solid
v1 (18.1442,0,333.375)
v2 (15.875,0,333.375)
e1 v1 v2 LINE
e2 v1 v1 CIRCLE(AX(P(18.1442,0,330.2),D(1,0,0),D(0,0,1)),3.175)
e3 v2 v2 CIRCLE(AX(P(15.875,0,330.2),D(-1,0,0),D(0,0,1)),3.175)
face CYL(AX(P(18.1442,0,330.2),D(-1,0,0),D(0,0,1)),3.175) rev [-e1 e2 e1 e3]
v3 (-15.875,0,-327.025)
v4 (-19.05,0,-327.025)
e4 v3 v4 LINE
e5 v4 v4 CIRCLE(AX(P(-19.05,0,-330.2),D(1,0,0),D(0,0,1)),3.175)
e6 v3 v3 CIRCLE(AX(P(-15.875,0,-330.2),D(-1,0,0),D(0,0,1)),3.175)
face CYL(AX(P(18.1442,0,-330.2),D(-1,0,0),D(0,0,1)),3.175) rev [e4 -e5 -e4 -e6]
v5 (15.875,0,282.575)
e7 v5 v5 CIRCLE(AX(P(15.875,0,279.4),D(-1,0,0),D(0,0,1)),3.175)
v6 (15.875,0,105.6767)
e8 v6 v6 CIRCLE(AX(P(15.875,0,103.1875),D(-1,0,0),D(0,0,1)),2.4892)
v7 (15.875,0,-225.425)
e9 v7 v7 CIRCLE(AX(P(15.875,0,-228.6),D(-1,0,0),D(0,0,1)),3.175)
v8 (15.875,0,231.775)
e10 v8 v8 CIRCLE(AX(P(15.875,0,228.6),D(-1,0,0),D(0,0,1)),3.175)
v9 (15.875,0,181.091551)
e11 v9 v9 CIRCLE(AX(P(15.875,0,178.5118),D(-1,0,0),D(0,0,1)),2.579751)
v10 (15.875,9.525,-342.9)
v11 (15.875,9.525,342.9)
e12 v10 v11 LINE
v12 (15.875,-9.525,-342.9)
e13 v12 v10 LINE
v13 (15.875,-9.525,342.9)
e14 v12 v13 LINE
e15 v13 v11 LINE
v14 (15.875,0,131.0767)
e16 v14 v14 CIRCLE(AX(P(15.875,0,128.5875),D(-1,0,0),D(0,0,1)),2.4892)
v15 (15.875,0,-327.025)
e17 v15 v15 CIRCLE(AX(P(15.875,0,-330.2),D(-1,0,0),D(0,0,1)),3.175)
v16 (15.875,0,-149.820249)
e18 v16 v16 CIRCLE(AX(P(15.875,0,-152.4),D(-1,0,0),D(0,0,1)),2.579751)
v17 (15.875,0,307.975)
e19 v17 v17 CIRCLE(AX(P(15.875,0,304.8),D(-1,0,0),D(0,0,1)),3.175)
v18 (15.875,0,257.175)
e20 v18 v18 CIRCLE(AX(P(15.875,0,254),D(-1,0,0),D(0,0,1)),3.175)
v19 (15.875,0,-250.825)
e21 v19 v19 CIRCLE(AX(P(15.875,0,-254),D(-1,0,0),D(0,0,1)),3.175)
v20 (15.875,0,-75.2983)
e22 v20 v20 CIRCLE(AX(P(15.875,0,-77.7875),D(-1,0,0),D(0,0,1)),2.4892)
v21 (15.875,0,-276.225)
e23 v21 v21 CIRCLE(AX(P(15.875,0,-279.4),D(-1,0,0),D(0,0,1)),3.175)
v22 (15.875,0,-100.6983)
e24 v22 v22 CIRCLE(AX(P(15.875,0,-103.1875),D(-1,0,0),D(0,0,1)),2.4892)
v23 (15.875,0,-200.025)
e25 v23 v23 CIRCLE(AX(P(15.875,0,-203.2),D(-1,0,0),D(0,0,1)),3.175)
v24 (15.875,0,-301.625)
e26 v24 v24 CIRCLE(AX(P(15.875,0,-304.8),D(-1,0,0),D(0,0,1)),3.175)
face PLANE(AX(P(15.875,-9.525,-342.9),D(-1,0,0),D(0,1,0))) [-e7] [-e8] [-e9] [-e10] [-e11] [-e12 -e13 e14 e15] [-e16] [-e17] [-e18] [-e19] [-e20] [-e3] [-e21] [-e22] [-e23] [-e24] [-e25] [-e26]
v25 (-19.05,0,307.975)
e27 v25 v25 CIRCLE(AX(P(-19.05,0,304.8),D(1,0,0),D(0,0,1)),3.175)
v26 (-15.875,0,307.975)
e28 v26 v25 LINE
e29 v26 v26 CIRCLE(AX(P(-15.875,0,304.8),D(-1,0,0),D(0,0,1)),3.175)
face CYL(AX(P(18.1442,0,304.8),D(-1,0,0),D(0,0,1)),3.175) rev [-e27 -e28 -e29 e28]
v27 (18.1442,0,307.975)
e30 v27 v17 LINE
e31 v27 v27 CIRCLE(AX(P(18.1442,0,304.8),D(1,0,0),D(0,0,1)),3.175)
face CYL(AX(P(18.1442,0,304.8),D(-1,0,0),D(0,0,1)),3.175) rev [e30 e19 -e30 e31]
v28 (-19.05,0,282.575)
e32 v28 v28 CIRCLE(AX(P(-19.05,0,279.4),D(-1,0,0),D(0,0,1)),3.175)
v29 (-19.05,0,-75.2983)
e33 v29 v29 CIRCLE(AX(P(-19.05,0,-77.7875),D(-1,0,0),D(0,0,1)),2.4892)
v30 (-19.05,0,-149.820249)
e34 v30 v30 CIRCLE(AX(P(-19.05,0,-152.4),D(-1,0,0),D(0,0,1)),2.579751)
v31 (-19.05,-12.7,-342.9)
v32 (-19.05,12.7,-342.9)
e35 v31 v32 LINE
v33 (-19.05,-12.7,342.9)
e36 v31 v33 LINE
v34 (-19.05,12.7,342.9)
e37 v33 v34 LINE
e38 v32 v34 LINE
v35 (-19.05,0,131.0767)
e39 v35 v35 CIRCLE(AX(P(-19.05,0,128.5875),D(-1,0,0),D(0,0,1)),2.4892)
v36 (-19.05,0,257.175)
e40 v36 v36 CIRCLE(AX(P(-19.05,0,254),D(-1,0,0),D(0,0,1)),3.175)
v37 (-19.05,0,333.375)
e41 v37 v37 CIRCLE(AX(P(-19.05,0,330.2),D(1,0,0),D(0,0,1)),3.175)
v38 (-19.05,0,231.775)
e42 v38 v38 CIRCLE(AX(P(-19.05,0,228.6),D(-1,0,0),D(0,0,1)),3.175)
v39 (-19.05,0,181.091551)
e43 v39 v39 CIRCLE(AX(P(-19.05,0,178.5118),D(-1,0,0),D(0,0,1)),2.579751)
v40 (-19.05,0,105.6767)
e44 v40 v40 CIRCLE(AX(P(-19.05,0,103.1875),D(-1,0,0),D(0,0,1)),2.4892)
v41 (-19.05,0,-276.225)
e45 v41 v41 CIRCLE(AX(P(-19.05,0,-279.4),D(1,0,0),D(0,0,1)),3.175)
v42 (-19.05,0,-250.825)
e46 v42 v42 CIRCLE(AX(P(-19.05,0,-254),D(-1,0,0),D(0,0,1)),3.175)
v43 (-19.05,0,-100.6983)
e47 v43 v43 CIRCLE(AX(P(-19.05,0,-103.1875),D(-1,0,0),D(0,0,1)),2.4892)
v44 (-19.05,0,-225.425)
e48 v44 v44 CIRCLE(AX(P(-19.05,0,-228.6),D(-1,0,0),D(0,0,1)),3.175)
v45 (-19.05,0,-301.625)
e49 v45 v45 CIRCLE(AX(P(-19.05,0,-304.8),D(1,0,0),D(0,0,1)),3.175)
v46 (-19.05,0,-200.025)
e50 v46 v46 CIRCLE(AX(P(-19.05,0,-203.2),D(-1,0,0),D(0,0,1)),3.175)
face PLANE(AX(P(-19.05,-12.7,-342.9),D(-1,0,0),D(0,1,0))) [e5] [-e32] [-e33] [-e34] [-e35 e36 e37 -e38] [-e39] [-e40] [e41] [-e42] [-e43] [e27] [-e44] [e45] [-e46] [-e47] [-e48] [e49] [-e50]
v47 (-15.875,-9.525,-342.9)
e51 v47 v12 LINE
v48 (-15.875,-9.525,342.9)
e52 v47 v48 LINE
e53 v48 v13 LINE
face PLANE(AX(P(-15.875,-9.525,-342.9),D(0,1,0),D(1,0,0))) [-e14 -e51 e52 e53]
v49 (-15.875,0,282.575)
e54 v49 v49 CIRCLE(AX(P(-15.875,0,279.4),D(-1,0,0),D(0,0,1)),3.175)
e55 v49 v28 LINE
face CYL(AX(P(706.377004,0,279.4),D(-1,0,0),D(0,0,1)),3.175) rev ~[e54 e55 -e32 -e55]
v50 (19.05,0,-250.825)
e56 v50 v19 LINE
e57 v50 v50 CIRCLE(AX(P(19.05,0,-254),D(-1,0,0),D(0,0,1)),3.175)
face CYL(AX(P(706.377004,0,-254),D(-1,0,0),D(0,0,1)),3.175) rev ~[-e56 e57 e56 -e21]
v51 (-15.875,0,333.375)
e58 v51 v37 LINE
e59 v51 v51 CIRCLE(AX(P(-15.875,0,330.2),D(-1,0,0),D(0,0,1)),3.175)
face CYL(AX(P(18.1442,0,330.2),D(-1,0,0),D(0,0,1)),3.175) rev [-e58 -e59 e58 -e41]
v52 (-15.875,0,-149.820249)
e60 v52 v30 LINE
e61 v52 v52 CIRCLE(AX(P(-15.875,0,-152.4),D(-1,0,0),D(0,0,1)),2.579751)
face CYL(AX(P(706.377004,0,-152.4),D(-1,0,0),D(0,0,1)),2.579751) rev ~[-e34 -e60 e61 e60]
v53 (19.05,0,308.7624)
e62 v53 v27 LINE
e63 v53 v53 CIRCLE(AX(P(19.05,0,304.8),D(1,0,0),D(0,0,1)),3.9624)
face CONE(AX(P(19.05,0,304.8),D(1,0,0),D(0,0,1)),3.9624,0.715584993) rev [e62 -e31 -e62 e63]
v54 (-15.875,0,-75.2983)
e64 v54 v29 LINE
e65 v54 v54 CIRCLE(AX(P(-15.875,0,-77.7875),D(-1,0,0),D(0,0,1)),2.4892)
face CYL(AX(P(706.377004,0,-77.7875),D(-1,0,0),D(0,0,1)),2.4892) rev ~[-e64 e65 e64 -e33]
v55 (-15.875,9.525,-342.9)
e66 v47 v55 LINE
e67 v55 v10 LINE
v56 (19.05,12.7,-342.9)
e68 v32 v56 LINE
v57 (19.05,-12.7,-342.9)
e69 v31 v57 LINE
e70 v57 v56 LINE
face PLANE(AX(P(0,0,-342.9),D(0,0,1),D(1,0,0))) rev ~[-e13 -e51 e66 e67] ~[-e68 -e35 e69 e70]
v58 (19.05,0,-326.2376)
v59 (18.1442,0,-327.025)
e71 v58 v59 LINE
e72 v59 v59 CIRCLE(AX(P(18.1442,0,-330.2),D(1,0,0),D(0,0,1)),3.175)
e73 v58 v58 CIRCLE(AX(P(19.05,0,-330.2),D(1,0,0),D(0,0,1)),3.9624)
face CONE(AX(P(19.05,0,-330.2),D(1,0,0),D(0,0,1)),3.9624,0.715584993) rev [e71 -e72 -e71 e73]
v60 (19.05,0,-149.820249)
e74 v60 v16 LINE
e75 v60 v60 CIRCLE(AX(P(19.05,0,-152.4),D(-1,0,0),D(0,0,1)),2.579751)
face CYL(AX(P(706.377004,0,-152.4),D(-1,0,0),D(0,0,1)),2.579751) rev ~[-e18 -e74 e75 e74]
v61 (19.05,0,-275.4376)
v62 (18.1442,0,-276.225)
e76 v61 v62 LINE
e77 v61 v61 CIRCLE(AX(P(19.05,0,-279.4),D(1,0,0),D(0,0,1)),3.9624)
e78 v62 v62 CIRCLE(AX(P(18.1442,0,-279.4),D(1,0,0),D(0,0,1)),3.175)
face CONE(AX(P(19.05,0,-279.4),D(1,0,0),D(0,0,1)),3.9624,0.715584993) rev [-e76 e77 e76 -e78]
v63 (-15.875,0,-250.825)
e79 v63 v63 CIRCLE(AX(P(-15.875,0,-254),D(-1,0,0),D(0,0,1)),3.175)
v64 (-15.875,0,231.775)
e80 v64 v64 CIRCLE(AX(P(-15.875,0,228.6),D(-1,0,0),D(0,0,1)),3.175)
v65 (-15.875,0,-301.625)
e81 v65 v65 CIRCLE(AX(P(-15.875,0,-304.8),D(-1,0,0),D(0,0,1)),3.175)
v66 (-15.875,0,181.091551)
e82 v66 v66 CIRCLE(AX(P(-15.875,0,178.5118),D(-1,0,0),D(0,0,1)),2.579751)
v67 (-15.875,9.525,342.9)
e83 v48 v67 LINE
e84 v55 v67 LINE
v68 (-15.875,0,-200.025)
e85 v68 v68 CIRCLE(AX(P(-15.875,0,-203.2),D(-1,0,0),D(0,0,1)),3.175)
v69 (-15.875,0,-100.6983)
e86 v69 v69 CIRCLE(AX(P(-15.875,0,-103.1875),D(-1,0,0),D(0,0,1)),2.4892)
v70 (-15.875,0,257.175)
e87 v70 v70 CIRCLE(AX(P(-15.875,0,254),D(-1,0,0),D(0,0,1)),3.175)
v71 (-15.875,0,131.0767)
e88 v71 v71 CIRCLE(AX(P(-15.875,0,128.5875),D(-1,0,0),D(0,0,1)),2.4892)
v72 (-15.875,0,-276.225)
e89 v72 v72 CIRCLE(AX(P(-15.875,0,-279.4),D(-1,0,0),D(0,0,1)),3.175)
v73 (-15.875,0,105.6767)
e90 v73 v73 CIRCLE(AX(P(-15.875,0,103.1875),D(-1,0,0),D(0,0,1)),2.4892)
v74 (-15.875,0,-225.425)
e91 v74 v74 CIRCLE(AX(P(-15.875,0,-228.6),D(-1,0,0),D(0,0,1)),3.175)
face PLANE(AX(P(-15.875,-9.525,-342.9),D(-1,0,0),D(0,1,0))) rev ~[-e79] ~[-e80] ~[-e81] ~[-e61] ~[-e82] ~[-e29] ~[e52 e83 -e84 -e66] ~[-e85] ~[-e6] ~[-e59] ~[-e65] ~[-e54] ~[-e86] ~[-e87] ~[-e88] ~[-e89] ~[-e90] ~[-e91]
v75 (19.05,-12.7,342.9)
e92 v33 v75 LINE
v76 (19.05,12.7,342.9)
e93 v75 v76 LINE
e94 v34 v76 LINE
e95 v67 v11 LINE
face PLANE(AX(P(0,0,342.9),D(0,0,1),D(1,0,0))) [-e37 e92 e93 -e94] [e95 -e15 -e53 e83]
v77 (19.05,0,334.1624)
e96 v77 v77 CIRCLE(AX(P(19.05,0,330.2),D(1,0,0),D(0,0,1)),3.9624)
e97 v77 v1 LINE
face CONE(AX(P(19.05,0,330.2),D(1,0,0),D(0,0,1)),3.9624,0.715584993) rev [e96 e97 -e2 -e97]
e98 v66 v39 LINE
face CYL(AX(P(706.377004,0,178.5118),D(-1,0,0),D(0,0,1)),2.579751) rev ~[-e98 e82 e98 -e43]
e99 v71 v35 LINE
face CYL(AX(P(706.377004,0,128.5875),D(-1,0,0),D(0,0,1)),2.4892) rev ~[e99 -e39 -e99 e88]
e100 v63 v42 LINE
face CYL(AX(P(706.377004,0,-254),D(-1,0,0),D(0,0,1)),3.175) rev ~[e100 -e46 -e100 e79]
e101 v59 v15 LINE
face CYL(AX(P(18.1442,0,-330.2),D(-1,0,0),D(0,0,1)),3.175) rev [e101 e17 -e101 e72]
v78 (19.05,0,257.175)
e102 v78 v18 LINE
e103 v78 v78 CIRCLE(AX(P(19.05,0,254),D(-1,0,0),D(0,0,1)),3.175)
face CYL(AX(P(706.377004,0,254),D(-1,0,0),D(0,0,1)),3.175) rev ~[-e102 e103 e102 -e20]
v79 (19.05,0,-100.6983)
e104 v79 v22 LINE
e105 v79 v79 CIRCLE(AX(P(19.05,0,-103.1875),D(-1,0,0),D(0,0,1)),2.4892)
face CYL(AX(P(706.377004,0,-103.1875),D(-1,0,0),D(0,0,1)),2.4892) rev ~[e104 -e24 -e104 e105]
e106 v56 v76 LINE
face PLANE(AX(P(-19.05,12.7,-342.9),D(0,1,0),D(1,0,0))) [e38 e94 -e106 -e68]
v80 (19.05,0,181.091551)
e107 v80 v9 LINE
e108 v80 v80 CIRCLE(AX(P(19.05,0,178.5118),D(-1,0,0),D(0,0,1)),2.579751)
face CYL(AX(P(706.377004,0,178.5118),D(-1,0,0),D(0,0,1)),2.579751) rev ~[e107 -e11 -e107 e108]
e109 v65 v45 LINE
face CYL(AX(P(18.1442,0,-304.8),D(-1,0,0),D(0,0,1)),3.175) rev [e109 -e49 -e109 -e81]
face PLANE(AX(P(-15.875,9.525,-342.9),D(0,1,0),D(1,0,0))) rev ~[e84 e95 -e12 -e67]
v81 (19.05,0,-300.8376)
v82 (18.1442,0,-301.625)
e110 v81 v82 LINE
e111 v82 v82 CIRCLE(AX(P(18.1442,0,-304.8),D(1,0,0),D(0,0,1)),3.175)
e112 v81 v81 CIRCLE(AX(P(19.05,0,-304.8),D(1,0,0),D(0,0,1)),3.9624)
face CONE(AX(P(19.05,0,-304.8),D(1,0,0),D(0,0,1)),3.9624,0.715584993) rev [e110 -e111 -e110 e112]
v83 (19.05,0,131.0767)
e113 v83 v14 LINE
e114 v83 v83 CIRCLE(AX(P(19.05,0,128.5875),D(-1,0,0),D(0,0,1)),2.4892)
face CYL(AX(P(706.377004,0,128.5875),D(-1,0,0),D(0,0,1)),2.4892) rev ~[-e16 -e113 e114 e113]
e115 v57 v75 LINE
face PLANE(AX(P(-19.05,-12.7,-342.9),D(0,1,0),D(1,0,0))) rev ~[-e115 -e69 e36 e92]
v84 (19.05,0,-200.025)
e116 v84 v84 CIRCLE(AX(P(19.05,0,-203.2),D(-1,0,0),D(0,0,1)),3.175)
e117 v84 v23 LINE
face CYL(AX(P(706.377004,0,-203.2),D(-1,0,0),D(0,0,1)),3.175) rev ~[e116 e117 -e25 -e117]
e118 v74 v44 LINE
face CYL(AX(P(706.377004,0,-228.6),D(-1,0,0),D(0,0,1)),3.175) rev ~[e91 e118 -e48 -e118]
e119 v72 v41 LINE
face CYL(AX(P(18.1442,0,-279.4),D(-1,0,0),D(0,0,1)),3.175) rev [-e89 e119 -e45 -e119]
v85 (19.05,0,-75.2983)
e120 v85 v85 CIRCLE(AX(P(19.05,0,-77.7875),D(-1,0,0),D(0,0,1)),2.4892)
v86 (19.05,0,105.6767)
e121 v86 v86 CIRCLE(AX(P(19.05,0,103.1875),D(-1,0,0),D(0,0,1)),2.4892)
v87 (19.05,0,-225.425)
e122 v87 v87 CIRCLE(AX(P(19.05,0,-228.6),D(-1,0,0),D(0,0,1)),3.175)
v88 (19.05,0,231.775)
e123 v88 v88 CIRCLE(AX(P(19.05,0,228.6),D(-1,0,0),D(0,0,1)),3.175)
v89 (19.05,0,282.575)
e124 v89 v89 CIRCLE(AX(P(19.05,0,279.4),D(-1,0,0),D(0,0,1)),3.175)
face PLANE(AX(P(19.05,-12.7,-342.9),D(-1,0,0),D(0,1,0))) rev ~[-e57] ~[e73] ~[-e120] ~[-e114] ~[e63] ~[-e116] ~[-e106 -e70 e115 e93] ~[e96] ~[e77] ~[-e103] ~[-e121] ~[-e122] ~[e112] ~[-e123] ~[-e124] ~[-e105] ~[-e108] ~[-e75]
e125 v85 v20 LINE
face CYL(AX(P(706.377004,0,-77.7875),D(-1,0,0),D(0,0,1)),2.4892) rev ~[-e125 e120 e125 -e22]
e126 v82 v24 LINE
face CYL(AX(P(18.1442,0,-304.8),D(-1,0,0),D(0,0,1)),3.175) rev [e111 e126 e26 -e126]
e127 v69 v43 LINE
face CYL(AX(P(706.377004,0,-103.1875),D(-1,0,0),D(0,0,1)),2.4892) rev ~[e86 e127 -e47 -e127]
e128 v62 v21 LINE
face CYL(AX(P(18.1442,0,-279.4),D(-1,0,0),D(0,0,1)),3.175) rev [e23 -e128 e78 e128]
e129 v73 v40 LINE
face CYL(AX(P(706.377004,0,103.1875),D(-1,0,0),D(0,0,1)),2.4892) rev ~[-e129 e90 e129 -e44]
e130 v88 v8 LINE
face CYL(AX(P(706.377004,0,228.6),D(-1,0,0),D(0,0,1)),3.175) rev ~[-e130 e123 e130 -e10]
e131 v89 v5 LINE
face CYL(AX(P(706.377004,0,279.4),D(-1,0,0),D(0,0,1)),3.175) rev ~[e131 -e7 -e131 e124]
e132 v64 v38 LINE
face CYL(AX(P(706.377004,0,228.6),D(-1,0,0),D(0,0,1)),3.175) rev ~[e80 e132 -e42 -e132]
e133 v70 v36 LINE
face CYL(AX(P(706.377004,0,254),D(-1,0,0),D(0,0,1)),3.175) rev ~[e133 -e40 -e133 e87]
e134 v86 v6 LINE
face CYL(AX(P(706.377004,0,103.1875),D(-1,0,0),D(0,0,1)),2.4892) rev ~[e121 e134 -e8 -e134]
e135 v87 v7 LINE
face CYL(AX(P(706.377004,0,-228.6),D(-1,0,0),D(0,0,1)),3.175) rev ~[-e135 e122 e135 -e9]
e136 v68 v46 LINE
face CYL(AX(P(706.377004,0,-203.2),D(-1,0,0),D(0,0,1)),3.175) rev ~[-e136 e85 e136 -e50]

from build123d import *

# Parameters (mm, degrees)
BOSS_EXTRUDE1_DEPTH                  = 342.9
BOSS_EXTRUDE1_DEPTH_BACK             = 342.9
SKETCH3_W                            = 38.1
SKETCH3_H                            = 25.4
SKETCH3_W_2                          = 31.75
SKETCH3_H_2                          = 19.05
F_1_4_0_25_DIAMETER_HOLE2_AT_2_COUNT = 2
F_1_4_0_25_DIAMETER_HOLE2_AT_2_PITCH = 25.4
F_1_4_0_25_DIAMETER_HOLE2_AT_3_COUNT = 2
F_1_4_0_25_DIAMETER_HOLE2_AT_3_PITCH = 660.4
F_1_4_0_25_DIAMETER_HOLE2_AT_4_COUNT = 2
F_1_4_0_25_DIAMETER_HOLE2_AT_4_PITCH = 50.8
F_1_4_0_25_DIAMETER_HOLE2_AT_5_COUNT = 2
F_1_4_0_25_DIAMETER_HOLE2_AT_5_PITCH = 635
F_1_4_0_25_DIAMETER_HOLE3_D          = 6.35
F_13_64_0_20313_DIAMETER_HOLE1_D     = 5.159502
F_10_CLEARANCE_HOLE1_D               = 4.9784


with BuildPart() as part:
    # Sketch3 → Boss-Extrude1 (new, two sides: drawn at the far end of the back side and taken through both)
    with BuildSketch(Plane.XY.offset(-BOSS_EXTRUDE1_DEPTH_BACK)):
        Rectangle(SKETCH3_W, SKETCH3_H)
        Rectangle(SKETCH3_W_2, SKETCH3_H_2, mode=Mode.SUBTRACT)
    extrude(amount=BOSS_EXTRUDE1_DEPTH + BOSS_EXTRUDE1_DEPTH_BACK)

    # Sketch8 → 1/4 (0.25) Diameter Hole2 (revolve, cut)
    with BuildSketch(Plane(origin=(-19.05, 0, -330.2), x_dir=(0, 0, 1), z_dir=(0, 1, 0))):
        Polygon((0, 0), (0, 38.1), (3.9624, 38.1), (3.175, 37.194199916), (3.175, 0), align=None)
    f_1_4_0_25_diameter_hole2 = revolve(axis=Axis((-25.4, 0, -330.2), (1, 0, 0)), mode=Mode.SUBTRACT)

    # 1/4 (0.25) Diameter Hole2 at 2: 1/4 (0.25) Diameter Hole2 ×2
    with Locations(*[(0, 0, i * F_1_4_0_25_DIAMETER_HOLE2_AT_2_PITCH) for i in range(1, F_1_4_0_25_DIAMETER_HOLE2_AT_2_COUNT)]):
        add(f_1_4_0_25_diameter_hole2, mode=Mode.SUBTRACT)

    # 1/4 (0.25) Diameter Hole2 at 3: 1/4 (0.25) Diameter Hole2 ×2
    with Locations(*[(0, 0, i * F_1_4_0_25_DIAMETER_HOLE2_AT_3_PITCH) for i in range(1, F_1_4_0_25_DIAMETER_HOLE2_AT_3_COUNT)]):
        add(f_1_4_0_25_diameter_hole2, mode=Mode.SUBTRACT)

    # 1/4 (0.25) Diameter Hole2 at 4: 1/4 (0.25) Diameter Hole2 ×2
    with Locations(*[(0, 0, i * F_1_4_0_25_DIAMETER_HOLE2_AT_4_PITCH) for i in range(1, F_1_4_0_25_DIAMETER_HOLE2_AT_4_COUNT)]):
        add(f_1_4_0_25_diameter_hole2, mode=Mode.SUBTRACT)

    # 1/4 (0.25) Diameter Hole2 at 5: 1/4 (0.25) Diameter Hole2 ×2
    with Locations(*[(0, 0, i * F_1_4_0_25_DIAMETER_HOLE2_AT_5_PITCH) for i in range(1, F_1_4_0_25_DIAMETER_HOLE2_AT_5_COUNT)]):
        add(f_1_4_0_25_diameter_hole2, mode=Mode.SUBTRACT)

    # 1/4 (0.25) Diameter Hole3 (through all)
    with Locations(Plane(origin=(19.05, 0, 0), x_dir=(0, 0, -1), z_dir=(1, 0, 0))):
        with Locations((-279.4, 0), (-254, 0), (-228.6, 0), (254, 0), (228.6, 0), (203.2, 0)):
            Hole(F_1_4_0_25_DIAMETER_HOLE3_D / 2)

    # 13/64 (0.20313) Diameter Hole1 (through all)
    with Locations(Plane(origin=(19.05, 0, 0), x_dir=(0, 0, -1), z_dir=(1, 0, 0))):
        with Locations((152.4, 0), (-178.511799988, 0)):
            Hole(F_13_64_0_20313_DIAMETER_HOLE1_D / 2)

    # #10 Clearance Hole1 (through all)
    with Locations(Plane(origin=(19.05, 0, 0), x_dir=(0, 0, -1), z_dir=(1, 0, 0))):
        with Locations((-128.5875, 0), (-103.1875, 0), (77.7875, 0), (103.1875, 0)):
            Hole(F_10_CLEARANCE_HOLE1_D / 2)


solid = part.part
